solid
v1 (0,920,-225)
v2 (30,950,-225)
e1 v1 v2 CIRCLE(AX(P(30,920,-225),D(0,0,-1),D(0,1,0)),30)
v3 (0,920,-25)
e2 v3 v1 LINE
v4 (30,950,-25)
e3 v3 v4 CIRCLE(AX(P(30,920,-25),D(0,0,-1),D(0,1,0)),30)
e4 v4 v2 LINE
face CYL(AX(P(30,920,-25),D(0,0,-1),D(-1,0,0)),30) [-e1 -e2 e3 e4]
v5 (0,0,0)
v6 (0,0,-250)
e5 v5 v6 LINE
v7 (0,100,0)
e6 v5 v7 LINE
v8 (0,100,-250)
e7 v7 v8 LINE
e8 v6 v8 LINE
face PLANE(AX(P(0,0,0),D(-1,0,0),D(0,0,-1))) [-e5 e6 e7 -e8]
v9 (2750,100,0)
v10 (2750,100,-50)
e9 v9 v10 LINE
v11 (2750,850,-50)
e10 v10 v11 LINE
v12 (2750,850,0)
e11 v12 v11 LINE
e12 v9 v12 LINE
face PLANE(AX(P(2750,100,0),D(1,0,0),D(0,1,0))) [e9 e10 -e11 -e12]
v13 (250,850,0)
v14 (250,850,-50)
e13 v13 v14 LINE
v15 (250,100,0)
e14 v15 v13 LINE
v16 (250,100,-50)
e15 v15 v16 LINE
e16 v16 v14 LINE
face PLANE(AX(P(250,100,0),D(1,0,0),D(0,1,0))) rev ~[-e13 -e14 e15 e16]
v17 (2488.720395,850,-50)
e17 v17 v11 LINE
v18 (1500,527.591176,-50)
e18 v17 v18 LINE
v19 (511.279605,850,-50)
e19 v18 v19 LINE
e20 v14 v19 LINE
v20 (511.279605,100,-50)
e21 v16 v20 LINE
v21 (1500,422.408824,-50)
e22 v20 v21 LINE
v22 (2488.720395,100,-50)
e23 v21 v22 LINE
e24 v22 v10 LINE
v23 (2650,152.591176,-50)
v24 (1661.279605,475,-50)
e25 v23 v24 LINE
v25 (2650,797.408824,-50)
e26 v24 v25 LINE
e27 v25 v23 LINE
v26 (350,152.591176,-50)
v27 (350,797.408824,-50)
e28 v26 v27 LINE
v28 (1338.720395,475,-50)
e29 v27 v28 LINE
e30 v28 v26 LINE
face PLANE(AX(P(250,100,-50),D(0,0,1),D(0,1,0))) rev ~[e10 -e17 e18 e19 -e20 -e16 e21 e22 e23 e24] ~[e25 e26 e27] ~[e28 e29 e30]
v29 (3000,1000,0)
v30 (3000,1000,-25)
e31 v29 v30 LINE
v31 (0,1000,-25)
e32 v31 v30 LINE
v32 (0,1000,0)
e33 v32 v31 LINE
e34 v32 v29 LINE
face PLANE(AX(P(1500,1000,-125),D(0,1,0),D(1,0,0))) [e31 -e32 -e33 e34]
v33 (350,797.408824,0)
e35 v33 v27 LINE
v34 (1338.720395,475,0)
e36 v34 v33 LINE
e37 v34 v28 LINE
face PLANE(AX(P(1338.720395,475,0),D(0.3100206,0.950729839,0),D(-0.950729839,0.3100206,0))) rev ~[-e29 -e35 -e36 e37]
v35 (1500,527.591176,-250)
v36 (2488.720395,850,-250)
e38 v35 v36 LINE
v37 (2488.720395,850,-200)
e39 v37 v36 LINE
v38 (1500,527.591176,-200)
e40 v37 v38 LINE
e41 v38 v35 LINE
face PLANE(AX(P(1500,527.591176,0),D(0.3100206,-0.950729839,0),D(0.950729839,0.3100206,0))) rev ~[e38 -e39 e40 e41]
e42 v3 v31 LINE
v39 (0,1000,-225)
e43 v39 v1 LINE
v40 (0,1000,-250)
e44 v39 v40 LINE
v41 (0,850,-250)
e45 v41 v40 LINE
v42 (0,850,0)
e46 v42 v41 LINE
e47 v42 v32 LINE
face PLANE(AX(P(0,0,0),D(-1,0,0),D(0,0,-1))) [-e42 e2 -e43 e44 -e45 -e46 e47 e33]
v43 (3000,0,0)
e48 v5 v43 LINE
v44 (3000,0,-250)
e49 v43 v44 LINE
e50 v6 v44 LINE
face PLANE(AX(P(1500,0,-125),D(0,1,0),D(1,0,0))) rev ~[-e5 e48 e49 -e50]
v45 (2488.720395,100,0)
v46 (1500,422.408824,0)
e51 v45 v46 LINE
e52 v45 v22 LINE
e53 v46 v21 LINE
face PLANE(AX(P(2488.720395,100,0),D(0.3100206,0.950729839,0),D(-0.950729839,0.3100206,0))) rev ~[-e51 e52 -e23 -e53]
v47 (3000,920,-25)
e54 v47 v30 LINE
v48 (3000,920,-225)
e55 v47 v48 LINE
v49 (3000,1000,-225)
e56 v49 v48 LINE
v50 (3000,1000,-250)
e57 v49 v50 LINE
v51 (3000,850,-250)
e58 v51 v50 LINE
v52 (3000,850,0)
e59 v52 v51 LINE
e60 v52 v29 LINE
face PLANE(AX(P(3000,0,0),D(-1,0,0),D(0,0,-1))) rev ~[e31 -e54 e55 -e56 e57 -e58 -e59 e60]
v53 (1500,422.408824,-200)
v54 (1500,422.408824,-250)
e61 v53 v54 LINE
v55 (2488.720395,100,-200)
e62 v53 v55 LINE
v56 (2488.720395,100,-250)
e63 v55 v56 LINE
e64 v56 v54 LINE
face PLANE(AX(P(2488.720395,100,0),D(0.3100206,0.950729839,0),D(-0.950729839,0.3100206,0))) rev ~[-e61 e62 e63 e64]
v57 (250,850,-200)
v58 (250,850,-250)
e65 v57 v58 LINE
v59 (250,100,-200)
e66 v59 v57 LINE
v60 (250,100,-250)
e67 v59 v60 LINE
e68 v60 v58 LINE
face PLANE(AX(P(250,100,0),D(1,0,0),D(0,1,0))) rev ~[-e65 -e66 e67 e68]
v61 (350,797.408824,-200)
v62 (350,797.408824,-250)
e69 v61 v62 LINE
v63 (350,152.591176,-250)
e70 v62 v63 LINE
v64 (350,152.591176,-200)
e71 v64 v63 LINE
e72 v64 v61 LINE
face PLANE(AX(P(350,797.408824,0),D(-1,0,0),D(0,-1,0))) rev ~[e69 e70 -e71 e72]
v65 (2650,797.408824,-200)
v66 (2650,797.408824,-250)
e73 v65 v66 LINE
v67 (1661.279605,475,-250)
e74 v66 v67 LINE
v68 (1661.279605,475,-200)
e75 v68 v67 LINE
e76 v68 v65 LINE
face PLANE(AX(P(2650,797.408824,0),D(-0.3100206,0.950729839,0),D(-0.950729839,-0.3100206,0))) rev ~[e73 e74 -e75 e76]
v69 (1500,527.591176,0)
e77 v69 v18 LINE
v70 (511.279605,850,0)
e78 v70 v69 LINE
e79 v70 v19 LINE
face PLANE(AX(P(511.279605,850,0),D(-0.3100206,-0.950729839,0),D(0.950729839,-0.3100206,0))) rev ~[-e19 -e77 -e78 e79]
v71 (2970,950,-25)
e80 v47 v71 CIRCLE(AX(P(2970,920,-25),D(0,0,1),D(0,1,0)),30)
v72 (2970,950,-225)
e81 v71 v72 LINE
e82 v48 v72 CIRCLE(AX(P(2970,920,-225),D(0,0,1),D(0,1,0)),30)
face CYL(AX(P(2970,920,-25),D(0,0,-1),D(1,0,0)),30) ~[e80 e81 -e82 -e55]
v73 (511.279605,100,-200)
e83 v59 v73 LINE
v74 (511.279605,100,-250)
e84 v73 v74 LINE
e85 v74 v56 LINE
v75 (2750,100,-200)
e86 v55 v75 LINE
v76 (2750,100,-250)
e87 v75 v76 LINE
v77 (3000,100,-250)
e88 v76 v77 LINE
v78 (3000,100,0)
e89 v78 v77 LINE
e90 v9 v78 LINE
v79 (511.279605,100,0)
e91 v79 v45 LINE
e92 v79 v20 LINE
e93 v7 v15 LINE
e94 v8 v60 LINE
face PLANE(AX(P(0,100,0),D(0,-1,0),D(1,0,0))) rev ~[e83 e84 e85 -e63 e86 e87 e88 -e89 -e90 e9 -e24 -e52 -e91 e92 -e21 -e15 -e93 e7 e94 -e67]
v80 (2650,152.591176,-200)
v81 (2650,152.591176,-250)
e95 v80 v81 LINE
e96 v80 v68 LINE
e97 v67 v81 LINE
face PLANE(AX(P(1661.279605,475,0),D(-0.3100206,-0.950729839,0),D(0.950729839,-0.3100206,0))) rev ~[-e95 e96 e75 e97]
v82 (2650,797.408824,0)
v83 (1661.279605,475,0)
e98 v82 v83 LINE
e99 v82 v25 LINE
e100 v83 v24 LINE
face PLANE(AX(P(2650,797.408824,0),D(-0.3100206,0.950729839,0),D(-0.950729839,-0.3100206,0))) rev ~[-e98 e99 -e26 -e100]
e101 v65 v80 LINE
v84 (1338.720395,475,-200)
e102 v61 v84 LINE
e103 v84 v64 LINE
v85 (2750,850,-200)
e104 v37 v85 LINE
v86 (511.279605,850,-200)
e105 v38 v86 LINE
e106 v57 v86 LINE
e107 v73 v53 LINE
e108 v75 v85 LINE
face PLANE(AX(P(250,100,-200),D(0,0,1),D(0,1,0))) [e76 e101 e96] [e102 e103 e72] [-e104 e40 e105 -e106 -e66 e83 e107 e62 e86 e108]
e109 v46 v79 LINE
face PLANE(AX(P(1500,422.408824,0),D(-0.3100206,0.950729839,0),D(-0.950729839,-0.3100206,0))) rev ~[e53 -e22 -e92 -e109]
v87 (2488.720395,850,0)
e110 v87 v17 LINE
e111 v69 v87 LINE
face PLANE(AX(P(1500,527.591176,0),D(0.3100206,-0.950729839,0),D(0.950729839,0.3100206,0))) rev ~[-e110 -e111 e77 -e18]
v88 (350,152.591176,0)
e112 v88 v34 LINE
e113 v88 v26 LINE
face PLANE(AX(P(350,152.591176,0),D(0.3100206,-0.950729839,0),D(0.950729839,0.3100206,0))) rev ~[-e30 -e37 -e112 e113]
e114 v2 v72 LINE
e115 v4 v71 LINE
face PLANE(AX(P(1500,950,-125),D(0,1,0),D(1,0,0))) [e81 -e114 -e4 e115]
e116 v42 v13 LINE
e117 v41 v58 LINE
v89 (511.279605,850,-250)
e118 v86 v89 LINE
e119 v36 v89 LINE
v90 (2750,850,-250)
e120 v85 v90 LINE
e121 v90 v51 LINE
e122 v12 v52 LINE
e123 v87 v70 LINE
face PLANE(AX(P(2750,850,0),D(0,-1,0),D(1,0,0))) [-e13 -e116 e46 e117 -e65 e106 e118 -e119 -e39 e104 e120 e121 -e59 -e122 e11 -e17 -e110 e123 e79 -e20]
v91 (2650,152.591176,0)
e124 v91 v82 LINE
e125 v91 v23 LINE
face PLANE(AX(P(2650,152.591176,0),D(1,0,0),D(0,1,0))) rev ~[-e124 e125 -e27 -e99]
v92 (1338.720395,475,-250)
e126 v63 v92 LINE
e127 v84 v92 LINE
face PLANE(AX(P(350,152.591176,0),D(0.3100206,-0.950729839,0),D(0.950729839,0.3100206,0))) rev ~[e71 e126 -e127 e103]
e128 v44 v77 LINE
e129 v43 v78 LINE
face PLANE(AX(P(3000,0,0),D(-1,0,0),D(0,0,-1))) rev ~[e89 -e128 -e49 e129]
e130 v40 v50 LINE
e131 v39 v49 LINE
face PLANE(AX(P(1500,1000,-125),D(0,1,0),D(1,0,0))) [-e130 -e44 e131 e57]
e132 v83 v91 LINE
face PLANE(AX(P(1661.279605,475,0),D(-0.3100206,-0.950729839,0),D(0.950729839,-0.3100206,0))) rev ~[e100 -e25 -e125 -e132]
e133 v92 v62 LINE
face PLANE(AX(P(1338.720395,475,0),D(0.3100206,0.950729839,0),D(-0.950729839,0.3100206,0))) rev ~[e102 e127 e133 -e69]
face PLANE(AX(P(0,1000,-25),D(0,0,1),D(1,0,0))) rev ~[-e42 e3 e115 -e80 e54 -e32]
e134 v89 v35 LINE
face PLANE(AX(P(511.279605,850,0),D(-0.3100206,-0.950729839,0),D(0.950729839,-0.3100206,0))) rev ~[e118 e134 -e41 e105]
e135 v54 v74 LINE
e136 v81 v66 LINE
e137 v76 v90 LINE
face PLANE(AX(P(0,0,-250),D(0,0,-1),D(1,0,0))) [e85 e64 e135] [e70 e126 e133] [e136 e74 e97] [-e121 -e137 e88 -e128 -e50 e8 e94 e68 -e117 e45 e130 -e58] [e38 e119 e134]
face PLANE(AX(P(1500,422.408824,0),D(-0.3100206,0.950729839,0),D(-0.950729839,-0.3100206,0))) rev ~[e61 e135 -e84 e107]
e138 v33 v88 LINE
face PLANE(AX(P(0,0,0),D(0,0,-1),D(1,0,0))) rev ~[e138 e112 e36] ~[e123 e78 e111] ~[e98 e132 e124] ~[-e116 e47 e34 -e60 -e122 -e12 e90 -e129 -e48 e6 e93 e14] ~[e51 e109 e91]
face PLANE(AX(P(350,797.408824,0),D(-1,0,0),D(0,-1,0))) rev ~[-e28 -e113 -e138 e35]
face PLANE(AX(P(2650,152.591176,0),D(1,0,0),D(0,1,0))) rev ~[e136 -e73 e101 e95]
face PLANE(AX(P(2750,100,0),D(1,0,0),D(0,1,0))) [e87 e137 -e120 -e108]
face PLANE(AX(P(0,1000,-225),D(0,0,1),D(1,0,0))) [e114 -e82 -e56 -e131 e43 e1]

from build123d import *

# Parameters (mm, degrees)
ESBO_O1_W                = 3000
ESBO_O1_H                = 250
RESSALTO_EXTRUS_O1_DEPTH = 1000
ESBO_O2_W                = 250
ESBO_O2_H                = 750
CORTE_EXTRUS_O1_DEPTH    = 250
CORTE_EXTRUS_O2_REACH    = 2938.835
ESBO_O3_W                = 150
ESBO_O3_H                = 750
ESBO_O4_W                = 3000
ESBO_O4_H                = 200
CORTE_EXTRUS_O3_DEPTH    = 50
FILETE1_R                = 30


with BuildPart() as part:
    # Esboço1 → Ressalto-extrusão1 (new body)
    with BuildSketch(Plane(origin=(0, 0, 0), x_dir=(1, 0, 0), z_dir=(0, 1, 0))):
        with Locations((1500, 125)):
            Rectangle(ESBO_O1_W, ESBO_O1_H)
    extrude(amount=RESSALTO_EXTRUS_O1_DEPTH)

    # Esboço2 → Corte-extrusão1 (cut)
    with BuildSketch(Plane.XY):
        with Locations((125, 475)):
            Rectangle(ESBO_O2_W, ESBO_O2_H)
        Polygon((1338.720394621, 475), (350, 797.408824333), (350, 152.591175667), align=None)
        Polygon((2488.720394621, 850), (511.279605379, 850), (1500, 527.591175667), align=None)
        Polygon((2488.720394621, 100), (1500, 422.408824333), (511.279605379, 100), align=None)
        Polygon((2650, 797.408824333), (1661.279605379, 475), (2650, 152.591175667), align=None)
        with Locations((2875, 475)):
            Rectangle(ESBO_O2_W, ESBO_O2_H)
    extrude(amount=-CORTE_EXTRUS_O1_DEPTH, mode=Mode.SUBTRACT)

    # Corte-extrusão2: up to this face of the body (flat: up to its plane)
    corte_extrus_o2_end = Plane(part.part.faces().sort_by_distance((2750, 475, -125))[0])
    # Esboço3 → Corte-extrusão2 (cut, up to the picked face)
    with BuildSketch(Plane.ZY.offset(-250), mode=Mode.PRIVATE) as corte_extrus_o2_sk1:
        with Locations((-125, 475)):
            Rectangle(ESBO_O3_W, ESBO_O3_H)
    corte_extrus_o2_tool1 = split(extrude(corte_extrus_o2_sk1.sketch, amount=-CORTE_EXTRUS_O2_REACH, mode=Mode.PRIVATE), bisect_by=corte_extrus_o2_end, keep=Keep.BOTH, mode=Mode.PRIVATE)
    add(corte_extrus_o2_tool1.solids().sort_by(Axis((250, 475, -125), (1, 0, 0)))[0], mode=Mode.SUBTRACT)

    # Esboço4 → Corte-extrusão3 (cut)
    with BuildSketch(Plane(origin=(0, 1000, 0), x_dir=(1, 0, 0), z_dir=(0, 1, 0))):
        with Locations((1500, 125)):
            Rectangle(ESBO_O4_W, ESBO_O4_H)
    extrude(amount=-CORTE_EXTRUS_O3_DEPTH, mode=Mode.SUBTRACT)

    # Filete1
    filete1_edges = [part.edges().sort_by_distance(p)[0] for p in [
        (3000, 950, -125),
        (0, 950, -125),
    ]]
    fillet(filete1_edges, radius=FILETE1_R)


solid = part.part
